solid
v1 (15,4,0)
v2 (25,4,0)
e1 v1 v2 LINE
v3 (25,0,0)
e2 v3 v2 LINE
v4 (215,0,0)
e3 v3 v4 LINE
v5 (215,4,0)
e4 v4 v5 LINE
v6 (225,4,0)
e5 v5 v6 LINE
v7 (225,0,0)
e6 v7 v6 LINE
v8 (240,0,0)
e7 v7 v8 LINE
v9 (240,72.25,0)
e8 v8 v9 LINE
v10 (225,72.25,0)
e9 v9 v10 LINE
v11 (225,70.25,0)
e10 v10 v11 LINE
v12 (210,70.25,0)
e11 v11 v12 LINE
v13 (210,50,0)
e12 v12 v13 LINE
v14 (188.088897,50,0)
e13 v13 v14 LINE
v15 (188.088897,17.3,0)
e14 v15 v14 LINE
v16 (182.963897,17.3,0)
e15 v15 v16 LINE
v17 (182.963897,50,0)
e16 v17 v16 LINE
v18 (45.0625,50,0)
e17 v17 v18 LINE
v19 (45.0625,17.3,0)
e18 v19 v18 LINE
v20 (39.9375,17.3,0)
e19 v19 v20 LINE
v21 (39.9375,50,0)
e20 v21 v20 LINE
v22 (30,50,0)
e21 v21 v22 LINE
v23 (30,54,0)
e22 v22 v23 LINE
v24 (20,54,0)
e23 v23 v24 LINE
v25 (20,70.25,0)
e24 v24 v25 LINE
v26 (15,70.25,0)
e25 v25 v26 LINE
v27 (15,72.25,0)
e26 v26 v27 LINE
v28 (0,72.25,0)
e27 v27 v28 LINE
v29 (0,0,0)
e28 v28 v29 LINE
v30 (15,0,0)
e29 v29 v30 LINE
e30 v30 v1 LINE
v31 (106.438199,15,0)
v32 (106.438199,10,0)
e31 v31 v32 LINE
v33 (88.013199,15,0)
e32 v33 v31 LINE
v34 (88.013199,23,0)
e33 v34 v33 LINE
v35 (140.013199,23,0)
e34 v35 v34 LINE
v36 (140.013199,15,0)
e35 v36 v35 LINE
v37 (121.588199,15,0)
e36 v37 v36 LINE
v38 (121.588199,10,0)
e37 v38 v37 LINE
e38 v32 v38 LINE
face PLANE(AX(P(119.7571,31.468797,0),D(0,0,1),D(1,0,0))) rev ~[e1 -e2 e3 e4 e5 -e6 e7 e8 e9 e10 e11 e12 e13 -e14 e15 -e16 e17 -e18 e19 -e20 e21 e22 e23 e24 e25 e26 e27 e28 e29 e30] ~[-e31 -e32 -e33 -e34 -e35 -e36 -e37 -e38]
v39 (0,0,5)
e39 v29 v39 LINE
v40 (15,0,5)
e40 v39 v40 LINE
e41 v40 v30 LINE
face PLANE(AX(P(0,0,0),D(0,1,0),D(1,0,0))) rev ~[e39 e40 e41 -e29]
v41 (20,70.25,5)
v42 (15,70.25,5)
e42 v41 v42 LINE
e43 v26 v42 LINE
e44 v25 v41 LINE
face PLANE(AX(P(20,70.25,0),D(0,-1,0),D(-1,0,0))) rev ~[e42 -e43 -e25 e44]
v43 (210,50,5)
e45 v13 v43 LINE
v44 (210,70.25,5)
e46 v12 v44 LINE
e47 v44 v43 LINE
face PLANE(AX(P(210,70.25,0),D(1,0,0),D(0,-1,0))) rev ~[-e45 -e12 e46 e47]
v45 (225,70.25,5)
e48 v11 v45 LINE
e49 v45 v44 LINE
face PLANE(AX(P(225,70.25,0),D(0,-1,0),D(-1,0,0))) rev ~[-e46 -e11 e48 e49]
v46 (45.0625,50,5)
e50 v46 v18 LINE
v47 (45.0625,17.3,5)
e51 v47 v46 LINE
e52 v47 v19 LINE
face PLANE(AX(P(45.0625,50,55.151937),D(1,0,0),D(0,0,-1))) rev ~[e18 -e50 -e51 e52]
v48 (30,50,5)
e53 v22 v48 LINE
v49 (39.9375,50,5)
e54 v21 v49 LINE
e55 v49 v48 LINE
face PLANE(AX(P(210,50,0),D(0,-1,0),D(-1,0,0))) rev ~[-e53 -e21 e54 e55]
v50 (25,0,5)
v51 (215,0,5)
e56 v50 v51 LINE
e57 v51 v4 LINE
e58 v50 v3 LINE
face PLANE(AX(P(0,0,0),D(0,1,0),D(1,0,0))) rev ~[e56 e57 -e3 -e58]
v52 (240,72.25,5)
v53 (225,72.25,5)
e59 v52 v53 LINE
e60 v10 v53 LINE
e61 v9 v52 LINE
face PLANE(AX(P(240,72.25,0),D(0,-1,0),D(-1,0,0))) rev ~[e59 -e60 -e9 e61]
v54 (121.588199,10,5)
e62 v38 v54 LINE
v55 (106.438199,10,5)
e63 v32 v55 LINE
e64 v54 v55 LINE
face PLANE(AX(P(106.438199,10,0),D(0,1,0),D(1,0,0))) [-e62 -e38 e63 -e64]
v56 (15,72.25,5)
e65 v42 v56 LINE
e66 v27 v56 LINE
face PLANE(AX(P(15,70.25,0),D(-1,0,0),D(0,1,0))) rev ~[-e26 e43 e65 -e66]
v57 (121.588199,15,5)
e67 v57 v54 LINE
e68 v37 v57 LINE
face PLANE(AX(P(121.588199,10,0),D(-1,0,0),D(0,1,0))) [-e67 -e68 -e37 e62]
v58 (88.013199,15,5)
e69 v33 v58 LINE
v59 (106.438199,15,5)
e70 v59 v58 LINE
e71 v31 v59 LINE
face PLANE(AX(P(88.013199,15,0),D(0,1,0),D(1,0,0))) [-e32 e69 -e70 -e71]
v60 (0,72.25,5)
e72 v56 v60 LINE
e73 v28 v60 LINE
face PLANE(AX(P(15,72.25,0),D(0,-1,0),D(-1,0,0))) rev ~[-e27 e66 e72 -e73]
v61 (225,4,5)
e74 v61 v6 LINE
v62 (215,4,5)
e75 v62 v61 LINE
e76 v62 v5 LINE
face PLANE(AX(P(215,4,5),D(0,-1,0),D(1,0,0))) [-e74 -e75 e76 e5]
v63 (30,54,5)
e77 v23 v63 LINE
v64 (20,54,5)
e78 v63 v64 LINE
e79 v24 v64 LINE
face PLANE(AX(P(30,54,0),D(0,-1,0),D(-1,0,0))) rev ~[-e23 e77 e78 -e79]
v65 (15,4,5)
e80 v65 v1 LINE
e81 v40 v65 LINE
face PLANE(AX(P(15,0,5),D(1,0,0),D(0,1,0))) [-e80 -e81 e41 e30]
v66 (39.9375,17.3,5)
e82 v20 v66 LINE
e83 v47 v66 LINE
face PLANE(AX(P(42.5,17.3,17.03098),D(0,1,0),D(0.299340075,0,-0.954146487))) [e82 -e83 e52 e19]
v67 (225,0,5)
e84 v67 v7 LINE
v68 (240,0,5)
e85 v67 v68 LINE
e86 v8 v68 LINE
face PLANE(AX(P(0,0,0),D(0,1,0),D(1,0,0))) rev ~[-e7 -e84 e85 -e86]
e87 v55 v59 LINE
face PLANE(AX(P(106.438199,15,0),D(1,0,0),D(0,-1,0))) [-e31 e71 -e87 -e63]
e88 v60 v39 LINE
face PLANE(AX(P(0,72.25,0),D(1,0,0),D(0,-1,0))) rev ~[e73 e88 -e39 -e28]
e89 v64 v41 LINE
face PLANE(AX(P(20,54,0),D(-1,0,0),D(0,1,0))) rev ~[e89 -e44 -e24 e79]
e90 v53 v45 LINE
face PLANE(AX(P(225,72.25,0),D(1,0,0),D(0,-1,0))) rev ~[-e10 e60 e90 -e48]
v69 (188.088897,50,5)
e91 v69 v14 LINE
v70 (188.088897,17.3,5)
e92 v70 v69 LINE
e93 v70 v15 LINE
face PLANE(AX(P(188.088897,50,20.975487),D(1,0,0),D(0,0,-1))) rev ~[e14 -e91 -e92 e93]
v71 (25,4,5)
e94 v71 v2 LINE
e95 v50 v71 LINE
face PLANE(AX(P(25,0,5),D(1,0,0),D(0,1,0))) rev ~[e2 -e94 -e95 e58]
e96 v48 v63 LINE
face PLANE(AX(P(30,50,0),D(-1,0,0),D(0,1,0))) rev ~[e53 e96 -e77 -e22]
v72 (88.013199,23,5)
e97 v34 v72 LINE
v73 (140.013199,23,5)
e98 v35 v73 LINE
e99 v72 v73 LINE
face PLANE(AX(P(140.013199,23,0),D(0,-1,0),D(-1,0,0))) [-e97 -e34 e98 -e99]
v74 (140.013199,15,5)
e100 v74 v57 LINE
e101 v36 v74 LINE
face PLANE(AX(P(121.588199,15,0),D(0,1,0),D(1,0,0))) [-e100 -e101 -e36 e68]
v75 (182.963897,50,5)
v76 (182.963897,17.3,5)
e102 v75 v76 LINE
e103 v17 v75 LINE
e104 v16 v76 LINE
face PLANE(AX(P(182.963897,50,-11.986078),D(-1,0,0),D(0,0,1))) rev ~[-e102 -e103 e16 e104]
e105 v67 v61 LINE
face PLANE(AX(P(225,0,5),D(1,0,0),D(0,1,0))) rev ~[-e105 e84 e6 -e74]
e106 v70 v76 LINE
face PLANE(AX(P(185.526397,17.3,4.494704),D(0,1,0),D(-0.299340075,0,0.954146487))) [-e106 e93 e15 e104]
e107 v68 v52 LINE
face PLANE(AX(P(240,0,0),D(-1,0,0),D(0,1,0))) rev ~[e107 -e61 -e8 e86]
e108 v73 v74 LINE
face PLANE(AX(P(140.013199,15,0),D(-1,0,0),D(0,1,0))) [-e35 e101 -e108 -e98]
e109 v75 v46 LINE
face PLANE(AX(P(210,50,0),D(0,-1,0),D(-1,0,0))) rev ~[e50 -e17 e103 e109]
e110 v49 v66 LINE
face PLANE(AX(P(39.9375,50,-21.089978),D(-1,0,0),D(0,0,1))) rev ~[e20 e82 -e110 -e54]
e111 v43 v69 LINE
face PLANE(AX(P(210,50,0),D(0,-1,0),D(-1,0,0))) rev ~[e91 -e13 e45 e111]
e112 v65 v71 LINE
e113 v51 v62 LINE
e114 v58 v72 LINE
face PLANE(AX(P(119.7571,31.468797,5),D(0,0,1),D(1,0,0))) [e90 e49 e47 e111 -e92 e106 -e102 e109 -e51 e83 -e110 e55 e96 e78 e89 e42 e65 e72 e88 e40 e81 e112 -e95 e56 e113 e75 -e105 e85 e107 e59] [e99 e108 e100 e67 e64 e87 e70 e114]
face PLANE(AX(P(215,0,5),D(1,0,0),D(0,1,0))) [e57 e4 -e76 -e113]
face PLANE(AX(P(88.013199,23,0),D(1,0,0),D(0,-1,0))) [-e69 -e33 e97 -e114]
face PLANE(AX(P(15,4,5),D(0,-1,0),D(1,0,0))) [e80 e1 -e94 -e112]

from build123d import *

# Parameters (mm, degrees)
BOSS_EXTRUDE1_DEPTH = 5
CUT_EXTRUDE6_DEPTH  = 32.7
CUT_EXTRUDE7_DEPTH  = 32.7
CUT_EXTRUDE8_DEPTH  = 50
SKETCH10_W          = 10
SKETCH10_H          = 4
CUT_EXTRUDE9_DEPTH  = 6


with BuildPart() as part:
    # Sketch1 → Boss-Extrude1 (new body)
    with BuildSketch(Plane.XY):
        Polygon((0, 0), (240, 0), (240, 72.25), (225, 72.25), (225, 70.25), (210, 70.25), (210, 54), (210, 50), (30, 50), (30, 54), (20, 54), (20, 70.25), (15, 70.25), (15, 72.25), (0, 72.25), align=None)
    extrude(amount=BOSS_EXTRUDE1_DEPTH)

    # Sketch7 → Cut-Extrude6 (cut)
    with BuildSketch(Plane(origin=(76.962340789, 50, 79.982193432), x_dir=(0.299340075, 0, -0.954146488), z_dir=(0, -1, 0))):
        Polygon((89.56567359, 88.367941315), (121.015834787, 78.501224076), (119.481716905, 73.611223328), (88.031555708, 83.477940566), align=None)
    extrude(amount=CUT_EXTRUDE6_DEPTH, mode=Mode.SUBTRACT)

    # Sketch8 → Cut-Extrude7 (cut)
    with BuildSketch(Plane(origin=(151.064056229, 50, -36.816333928), x_dir=(-0.299340075, 0, 0.954146488), z_dir=(0, -1, 0))):
        Polygon((48.269879058, 101.323484697), (121.015834787, 78.501224076), (119.481716905, 73.611223328), (46.735761176, 96.433483948), align=None)
    extrude(amount=CUT_EXTRUDE7_DEPTH, mode=Mode.SUBTRACT)

    # Sketch9 → Cut-Extrude8 (cut)
    with BuildSketch(Plane(origin=(179.822929518, 98.166866164, 0), x_dir=(-1, 0, 0), z_dir=(0, 0, -1))):
        Polygon((91.809731009, -83.166866164), (73.384731009, -83.166866164), (73.384731009, -88.166866164), (58.234731009, -88.166866164), (58.234731009, -83.166866164), (39.809731009, -83.166866164), (39.809731009, -75.166866164), (91.809731009, -75.166866164), align=None)
    extrude(amount=-CUT_EXTRUDE8_DEPTH, mode=Mode.SUBTRACT)

    # Sketch10 → Cut-Extrude9 (cut, through all)
    with BuildSketch(Plane.XY.offset(5)):
        with Locations((20, 2)):
            Rectangle(SKETCH10_W, SKETCH10_H)
        with Locations((220, 2)):
            Rectangle(SKETCH10_W, SKETCH10_H)
    extrude(amount=-CUT_EXTRUDE9_DEPTH, mode=Mode.SUBTRACT)


solid = part.part
